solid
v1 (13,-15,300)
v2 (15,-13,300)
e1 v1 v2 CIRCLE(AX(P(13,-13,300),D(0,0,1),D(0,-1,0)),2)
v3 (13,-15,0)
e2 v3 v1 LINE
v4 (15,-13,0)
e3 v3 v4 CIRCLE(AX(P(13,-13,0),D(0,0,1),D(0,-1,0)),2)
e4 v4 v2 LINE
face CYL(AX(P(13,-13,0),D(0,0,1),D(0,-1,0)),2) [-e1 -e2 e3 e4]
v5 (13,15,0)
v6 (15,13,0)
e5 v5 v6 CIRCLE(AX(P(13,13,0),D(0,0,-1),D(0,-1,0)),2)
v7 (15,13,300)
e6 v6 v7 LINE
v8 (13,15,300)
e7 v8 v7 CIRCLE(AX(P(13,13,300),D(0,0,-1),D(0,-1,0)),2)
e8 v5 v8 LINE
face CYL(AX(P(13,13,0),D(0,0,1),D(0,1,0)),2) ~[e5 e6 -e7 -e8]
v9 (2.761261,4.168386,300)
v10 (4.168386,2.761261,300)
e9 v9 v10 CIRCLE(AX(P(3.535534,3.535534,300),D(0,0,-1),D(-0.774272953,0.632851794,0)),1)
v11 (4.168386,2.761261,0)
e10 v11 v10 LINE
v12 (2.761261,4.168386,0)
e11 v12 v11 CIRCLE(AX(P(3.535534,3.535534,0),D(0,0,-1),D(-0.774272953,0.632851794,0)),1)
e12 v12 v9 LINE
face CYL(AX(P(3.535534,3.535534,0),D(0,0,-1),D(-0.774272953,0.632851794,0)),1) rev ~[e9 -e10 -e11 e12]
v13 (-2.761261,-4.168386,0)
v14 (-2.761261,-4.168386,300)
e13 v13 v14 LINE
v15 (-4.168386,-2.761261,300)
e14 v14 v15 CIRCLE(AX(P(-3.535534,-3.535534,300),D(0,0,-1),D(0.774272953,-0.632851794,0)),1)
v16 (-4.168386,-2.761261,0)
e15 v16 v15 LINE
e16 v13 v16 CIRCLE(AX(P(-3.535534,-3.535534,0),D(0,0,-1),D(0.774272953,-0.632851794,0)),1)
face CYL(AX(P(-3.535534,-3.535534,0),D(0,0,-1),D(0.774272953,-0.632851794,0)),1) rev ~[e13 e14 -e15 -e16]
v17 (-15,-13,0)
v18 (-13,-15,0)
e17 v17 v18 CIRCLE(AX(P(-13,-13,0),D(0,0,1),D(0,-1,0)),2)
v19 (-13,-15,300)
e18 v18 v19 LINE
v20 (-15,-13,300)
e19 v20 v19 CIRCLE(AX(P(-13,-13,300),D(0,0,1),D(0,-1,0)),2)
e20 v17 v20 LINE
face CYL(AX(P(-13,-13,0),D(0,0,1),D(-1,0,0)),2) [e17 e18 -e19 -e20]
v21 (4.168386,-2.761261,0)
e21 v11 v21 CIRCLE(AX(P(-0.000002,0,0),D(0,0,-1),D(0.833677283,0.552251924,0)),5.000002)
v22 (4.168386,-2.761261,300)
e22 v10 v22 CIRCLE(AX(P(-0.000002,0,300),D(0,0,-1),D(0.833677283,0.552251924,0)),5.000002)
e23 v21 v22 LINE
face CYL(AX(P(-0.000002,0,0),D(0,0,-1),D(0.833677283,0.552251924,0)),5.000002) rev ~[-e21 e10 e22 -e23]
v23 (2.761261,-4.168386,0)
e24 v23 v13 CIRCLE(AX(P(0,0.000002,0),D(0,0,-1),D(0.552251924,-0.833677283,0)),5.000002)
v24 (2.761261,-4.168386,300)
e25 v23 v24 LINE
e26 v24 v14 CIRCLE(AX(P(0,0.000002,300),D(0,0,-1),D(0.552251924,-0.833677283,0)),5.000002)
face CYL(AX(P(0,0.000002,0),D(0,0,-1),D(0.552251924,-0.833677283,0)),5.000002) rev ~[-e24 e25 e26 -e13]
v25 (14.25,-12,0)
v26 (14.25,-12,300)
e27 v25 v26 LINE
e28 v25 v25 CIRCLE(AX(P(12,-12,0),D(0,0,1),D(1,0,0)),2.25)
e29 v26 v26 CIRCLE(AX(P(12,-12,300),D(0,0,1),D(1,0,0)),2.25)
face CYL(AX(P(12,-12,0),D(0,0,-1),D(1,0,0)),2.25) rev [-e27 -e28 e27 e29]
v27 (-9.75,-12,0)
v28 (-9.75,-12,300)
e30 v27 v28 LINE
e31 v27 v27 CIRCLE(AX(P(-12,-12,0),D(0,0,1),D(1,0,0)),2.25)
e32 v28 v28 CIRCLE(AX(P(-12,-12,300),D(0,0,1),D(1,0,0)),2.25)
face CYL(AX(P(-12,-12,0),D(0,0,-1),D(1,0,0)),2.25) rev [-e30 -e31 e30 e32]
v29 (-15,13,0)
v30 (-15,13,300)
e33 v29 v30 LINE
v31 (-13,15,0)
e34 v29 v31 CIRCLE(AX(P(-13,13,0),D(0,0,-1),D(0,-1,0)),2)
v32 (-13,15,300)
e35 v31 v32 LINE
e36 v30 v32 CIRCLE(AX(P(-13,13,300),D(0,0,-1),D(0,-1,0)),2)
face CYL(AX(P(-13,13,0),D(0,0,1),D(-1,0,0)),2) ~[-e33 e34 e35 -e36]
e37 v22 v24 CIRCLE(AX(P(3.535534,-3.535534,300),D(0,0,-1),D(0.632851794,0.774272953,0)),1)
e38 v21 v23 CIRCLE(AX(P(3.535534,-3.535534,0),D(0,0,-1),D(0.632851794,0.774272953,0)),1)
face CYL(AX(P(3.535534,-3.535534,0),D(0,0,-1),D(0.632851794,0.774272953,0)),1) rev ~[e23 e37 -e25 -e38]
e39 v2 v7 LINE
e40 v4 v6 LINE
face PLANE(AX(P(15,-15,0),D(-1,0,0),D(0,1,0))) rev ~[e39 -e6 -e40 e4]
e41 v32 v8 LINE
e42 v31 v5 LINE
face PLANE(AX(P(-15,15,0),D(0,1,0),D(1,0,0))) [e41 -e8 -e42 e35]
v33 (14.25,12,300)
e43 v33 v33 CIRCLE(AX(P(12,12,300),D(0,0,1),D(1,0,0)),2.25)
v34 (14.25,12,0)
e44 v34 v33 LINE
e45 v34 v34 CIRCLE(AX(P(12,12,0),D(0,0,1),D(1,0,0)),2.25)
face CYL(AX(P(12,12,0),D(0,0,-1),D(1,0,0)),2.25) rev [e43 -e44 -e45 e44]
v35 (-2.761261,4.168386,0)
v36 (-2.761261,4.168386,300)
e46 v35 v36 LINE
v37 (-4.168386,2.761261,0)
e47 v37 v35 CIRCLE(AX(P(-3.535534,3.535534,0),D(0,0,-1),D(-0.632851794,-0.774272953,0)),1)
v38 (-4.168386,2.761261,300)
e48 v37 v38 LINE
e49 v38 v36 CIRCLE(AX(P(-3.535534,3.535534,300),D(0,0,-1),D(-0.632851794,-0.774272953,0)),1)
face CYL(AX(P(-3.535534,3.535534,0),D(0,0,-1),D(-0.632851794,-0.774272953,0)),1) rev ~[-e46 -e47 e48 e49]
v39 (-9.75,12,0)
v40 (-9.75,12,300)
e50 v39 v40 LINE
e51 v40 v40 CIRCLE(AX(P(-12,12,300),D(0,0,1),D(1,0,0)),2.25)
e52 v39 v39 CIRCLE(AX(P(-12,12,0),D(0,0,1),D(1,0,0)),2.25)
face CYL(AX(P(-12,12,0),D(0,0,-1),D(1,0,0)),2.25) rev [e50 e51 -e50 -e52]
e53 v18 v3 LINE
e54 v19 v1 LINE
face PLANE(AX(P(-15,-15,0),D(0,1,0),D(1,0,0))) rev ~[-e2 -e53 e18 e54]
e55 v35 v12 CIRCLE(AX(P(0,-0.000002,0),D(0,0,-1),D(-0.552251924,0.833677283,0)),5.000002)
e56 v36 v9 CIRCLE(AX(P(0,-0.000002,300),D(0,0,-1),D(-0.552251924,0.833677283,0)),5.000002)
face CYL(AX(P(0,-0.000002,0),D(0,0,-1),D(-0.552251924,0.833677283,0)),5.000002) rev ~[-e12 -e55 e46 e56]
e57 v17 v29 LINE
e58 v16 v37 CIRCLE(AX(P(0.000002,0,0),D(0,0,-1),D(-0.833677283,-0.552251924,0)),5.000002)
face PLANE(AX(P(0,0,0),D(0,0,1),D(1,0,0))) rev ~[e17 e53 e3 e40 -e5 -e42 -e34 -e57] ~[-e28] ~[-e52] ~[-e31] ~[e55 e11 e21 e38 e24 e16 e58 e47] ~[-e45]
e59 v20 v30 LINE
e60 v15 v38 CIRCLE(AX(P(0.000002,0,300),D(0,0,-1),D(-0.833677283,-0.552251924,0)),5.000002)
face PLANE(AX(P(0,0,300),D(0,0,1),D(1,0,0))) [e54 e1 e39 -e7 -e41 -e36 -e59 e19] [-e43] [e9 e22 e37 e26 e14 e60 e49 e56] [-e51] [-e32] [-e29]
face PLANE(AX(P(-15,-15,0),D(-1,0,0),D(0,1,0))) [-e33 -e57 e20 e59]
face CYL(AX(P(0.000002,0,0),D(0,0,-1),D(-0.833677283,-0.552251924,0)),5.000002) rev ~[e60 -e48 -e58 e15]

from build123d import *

# Parameters (mm, degrees)
F0_W     = 30
F0_H     = 30
F0_R     = 2.25
F1_DEPTH = 300
F2_R     = 2


with BuildPart() as f1:
    # F0 (on Top) → F1 (new body)
    with BuildSketch(Plane.XY):
        Rectangle(F0_W, F0_H)
        with Locations((-12, -12)):
            Circle(F0_R, mode=Mode.SUBTRACT)
        with Locations((12, -12)):
            Circle(F0_R, mode=Mode.SUBTRACT)
        with Locations((-12, 12)):
            Circle(F0_R, mode=Mode.SUBTRACT)
        with BuildLine():
            ThreePointArc((4.168386, 2.761261), (5, 0), (4.168386, -2.761261))
            ThreePointArc((4.168386, -2.761261), (4.242641, -4.242641), (2.761261, -4.168386))
            ThreePointArc((2.761261, -4.168386), (0, -5), (-2.761261, -4.168386))
            ThreePointArc((-2.761261, -4.168386), (-4.242641, -4.242641), (-4.168386, -2.761261))
            ThreePointArc((-4.168386, -2.761261), (-5, 0), (-4.168386, 2.761261))
            ThreePointArc((-4.168386, 2.761261), (-4.242641, 4.242641), (-2.761261, 4.168386))
            ThreePointArc((-2.761261, 4.168386), (0, 5), (2.761261, 4.168386))
            ThreePointArc((2.761261, 4.168386), (4.242641, 4.242641), (4.168386, 2.761261))
        make_face(mode=Mode.SUBTRACT)
        with Locations((12, 12)):
            Circle(F0_R, mode=Mode.SUBTRACT)
    extrude(amount=F1_DEPTH)

    # F2
    f2_edges = [f1.edges().sort_by_distance(p)[0] for p in [
        (15, 15, 150),
        (-15, 15, 150),
        (-15, -15, 150),
        (15, -15, 150),
    ]]
    fillet(f2_edges, radius=F2_R)


solid = f1.part
